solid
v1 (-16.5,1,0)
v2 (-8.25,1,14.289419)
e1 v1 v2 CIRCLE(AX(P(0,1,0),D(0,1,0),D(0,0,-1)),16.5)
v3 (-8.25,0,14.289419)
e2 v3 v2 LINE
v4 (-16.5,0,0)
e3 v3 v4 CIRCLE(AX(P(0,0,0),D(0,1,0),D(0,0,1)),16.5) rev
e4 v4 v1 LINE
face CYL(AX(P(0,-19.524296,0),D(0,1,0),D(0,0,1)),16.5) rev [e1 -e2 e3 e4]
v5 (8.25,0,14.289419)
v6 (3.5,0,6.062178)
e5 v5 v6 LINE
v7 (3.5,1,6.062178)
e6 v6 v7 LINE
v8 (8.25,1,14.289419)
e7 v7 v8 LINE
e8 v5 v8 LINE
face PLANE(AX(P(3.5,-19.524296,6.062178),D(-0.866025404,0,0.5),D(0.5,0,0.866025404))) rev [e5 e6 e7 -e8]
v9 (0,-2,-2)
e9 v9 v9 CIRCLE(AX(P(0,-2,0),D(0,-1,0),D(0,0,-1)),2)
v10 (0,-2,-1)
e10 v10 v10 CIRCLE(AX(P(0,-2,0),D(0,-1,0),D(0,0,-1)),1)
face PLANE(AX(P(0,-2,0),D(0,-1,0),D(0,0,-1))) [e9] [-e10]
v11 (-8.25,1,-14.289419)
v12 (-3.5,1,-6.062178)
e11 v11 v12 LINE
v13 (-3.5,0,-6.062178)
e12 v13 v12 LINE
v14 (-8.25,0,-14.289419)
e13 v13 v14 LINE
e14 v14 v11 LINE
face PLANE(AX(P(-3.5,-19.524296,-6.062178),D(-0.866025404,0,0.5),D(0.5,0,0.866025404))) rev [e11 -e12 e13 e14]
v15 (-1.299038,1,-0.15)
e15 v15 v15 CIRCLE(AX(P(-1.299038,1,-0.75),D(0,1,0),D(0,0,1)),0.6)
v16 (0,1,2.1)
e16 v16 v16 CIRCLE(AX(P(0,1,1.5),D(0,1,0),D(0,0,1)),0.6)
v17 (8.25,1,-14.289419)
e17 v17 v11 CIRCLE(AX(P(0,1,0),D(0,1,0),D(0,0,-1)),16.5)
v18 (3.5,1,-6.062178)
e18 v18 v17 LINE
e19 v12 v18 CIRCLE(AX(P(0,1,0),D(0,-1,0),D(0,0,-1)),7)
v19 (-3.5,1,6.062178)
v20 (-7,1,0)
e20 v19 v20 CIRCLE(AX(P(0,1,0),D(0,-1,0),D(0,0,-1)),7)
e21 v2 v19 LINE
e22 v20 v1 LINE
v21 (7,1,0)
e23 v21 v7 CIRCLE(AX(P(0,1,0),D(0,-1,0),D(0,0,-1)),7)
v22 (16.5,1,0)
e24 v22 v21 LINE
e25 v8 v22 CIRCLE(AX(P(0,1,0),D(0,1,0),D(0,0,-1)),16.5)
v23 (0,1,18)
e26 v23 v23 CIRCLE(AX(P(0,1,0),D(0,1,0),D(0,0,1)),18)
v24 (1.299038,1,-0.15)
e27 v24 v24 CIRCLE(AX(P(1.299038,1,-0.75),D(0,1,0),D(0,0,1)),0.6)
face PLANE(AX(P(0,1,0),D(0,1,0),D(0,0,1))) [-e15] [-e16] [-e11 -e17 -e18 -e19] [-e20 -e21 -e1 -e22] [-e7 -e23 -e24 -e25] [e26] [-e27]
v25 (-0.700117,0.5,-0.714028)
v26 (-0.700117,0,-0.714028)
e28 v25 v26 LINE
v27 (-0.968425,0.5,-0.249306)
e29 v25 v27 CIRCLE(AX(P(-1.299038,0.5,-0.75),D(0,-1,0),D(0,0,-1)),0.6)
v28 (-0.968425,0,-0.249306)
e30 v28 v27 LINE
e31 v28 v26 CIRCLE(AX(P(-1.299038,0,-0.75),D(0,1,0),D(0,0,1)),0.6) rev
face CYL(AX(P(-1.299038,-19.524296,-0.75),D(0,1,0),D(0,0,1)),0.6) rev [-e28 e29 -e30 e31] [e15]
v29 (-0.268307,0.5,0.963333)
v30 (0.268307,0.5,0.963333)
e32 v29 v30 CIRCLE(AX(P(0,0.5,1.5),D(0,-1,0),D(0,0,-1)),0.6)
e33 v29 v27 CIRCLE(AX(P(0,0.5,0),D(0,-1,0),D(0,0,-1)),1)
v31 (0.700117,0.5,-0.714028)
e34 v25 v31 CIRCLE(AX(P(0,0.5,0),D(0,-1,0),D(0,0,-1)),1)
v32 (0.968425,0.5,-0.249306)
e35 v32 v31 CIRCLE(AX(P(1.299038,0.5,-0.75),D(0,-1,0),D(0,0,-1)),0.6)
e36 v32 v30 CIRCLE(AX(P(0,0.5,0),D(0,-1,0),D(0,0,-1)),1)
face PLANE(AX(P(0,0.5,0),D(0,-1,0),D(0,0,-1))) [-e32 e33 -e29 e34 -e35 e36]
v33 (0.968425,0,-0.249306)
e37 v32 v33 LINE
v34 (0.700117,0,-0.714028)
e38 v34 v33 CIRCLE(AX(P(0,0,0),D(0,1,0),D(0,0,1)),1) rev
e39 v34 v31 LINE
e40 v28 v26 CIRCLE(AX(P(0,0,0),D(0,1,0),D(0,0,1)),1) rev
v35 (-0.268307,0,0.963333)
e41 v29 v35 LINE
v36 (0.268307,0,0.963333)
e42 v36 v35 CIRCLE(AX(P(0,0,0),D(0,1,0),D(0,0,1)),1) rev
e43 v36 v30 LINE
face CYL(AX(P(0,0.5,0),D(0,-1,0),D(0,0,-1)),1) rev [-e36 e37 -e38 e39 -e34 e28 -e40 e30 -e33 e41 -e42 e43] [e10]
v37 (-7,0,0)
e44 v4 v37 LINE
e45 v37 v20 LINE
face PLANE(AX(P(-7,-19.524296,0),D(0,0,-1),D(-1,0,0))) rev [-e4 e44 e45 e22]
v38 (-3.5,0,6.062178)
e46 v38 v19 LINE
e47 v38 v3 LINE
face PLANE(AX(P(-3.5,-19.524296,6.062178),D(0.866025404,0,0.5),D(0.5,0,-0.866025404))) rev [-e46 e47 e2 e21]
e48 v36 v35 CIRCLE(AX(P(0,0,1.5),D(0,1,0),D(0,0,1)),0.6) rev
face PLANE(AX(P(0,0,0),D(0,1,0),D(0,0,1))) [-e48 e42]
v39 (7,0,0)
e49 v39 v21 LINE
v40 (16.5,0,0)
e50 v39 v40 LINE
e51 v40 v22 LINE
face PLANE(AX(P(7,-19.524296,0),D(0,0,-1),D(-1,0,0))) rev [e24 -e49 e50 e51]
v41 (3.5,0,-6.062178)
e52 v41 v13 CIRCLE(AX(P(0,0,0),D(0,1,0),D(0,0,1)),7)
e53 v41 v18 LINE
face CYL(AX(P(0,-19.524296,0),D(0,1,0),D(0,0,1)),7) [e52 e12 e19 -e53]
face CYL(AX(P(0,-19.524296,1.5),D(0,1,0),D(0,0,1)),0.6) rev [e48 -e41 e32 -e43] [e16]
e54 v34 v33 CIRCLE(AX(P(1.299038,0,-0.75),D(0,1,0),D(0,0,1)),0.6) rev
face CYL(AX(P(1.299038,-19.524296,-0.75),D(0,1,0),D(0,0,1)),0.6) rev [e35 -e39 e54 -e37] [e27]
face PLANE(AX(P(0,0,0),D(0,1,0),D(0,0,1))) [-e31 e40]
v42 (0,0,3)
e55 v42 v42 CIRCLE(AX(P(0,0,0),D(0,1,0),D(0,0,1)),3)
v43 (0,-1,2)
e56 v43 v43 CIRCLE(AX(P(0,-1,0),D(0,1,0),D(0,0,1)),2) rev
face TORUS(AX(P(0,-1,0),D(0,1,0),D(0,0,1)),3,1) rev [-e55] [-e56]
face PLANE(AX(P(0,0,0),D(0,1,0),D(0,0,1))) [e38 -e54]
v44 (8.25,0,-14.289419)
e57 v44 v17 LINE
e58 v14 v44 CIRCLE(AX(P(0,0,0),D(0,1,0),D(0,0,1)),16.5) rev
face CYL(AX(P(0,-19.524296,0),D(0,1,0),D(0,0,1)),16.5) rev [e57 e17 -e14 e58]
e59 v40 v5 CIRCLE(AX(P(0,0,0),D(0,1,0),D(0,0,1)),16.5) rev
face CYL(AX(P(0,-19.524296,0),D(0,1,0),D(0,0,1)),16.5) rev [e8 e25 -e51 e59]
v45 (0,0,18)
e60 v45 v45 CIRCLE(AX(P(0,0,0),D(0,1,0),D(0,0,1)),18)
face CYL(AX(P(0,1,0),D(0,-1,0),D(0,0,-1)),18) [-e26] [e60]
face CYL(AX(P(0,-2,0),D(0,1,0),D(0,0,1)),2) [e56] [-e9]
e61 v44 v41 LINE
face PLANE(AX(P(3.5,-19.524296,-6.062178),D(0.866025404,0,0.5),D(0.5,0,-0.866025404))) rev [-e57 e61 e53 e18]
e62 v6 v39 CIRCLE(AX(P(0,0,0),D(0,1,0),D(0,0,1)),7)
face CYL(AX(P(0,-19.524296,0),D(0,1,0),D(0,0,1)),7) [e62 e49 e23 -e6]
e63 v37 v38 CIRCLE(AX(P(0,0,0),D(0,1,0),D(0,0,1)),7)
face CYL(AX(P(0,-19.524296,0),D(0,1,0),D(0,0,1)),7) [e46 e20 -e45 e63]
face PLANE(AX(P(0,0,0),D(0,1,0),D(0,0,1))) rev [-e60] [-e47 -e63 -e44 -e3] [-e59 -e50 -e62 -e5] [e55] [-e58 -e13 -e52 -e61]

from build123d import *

# Parameters (mm, degrees)
SKETCH1_R           = 18
BOSS_EXTRUDE1_DEPTH = 1
SKETCH2_R           = 2
BOSS_EXTRUDE2_DEPTH = 2
SKETCH3_R           = 1
CUT_EXTRUDE1_DEPTH  = 2.5
FILLET1_R           = 1
SKETCH4_R           = 0.6
CUT_EXTRUDE2_DEPTH  = 1


with BuildPart() as part:
    # Sketch1 → Boss-Extrude1 (new body)
    with BuildSketch(Plane(origin=(0, 0, 0), x_dir=(1, 0, 0), z_dir=(0, 1, 0))):
        with Locations(Location((0, 0, 0), (0, 0, 270))):
            Circle(SKETCH1_R)
    extrude(amount=BOSS_EXTRUDE1_DEPTH)

    # Sketch2 → Boss-Extrude2 (add)
    with BuildSketch(Plane.XZ):
        with Locations(Location((0, 0, 0), (0, 0, 90))):
            Circle(SKETCH2_R)
    extrude(amount=BOSS_EXTRUDE2_DEPTH)

    # Sketch3 → Cut-Extrude1 (cut)
    with BuildSketch(Plane.XZ.offset(2)):
        with Locations(Location((0, 0, 0), (0, 0, 270))):
            Circle(SKETCH3_R)
    extrude(amount=-CUT_EXTRUDE1_DEPTH, mode=Mode.SUBTRACT)

    # Fillet1
    fillet1_edges = [part.edges().sort_by_distance(p)[0] for p in [
        (0, 0, -2),
    ]]
    fillet(fillet1_edges, radius=FILLET1_R)

    # Sketch4 → Cut-Extrude2 (cut)
    with BuildSketch(Plane(origin=(0, 1, 0), x_dir=(1, 0, 0), z_dir=(0, 1, 0))):
        with Locations(Location((1.299038106, 0.75, 0), (0, 0, 270))):
            Circle(SKETCH4_R)
        with Locations(Location((0, -1.5, 0), (0, 0, 270))):
            Circle(SKETCH4_R)
        with Locations(Location((-1.299038106, 0.75, 0), (0, 0, 270))):
            Circle(SKETCH4_R)
        with BuildLine():
            Line((-3.5, 6.062177826), (-8.25, 14.289419162))
            ThreePointArc((-8.25, 14.289419162), (0, 16.5), (8.25, 14.289419162))
            Line((8.25, 14.289419162), (3.5, 6.062177826))
            ThreePointArc((3.5, 6.062177826), (0, 7), (-3.5, 6.062177826))
        make_face()
        with BuildLine():
            Line((7, 0), (16.5, 0))
            ThreePointArc((16.5, 0), (14.289419162, -8.25), (8.25, -14.289419162))
            Line((8.25, -14.289419162), (3.5, -6.062177826))
            ThreePointArc((3.5, -6.062177826), (6.062177826, -3.5), (7, 0))
        make_face()
        with BuildLine():
            Line((-3.5, -6.062177826), (-8.25, -14.289419162))
            ThreePointArc((-8.25, -14.289419162), (-14.289419162, -8.25), (-16.5, 0))
            Line((-16.5, 0), (-7, 0))
            ThreePointArc((-7, 0), (-6.062177826, -3.5), (-3.5, -6.062177826))
        make_face()
    extrude(amount=-CUT_EXTRUDE2_DEPTH, mode=Mode.SUBTRACT)


solid = part.part
